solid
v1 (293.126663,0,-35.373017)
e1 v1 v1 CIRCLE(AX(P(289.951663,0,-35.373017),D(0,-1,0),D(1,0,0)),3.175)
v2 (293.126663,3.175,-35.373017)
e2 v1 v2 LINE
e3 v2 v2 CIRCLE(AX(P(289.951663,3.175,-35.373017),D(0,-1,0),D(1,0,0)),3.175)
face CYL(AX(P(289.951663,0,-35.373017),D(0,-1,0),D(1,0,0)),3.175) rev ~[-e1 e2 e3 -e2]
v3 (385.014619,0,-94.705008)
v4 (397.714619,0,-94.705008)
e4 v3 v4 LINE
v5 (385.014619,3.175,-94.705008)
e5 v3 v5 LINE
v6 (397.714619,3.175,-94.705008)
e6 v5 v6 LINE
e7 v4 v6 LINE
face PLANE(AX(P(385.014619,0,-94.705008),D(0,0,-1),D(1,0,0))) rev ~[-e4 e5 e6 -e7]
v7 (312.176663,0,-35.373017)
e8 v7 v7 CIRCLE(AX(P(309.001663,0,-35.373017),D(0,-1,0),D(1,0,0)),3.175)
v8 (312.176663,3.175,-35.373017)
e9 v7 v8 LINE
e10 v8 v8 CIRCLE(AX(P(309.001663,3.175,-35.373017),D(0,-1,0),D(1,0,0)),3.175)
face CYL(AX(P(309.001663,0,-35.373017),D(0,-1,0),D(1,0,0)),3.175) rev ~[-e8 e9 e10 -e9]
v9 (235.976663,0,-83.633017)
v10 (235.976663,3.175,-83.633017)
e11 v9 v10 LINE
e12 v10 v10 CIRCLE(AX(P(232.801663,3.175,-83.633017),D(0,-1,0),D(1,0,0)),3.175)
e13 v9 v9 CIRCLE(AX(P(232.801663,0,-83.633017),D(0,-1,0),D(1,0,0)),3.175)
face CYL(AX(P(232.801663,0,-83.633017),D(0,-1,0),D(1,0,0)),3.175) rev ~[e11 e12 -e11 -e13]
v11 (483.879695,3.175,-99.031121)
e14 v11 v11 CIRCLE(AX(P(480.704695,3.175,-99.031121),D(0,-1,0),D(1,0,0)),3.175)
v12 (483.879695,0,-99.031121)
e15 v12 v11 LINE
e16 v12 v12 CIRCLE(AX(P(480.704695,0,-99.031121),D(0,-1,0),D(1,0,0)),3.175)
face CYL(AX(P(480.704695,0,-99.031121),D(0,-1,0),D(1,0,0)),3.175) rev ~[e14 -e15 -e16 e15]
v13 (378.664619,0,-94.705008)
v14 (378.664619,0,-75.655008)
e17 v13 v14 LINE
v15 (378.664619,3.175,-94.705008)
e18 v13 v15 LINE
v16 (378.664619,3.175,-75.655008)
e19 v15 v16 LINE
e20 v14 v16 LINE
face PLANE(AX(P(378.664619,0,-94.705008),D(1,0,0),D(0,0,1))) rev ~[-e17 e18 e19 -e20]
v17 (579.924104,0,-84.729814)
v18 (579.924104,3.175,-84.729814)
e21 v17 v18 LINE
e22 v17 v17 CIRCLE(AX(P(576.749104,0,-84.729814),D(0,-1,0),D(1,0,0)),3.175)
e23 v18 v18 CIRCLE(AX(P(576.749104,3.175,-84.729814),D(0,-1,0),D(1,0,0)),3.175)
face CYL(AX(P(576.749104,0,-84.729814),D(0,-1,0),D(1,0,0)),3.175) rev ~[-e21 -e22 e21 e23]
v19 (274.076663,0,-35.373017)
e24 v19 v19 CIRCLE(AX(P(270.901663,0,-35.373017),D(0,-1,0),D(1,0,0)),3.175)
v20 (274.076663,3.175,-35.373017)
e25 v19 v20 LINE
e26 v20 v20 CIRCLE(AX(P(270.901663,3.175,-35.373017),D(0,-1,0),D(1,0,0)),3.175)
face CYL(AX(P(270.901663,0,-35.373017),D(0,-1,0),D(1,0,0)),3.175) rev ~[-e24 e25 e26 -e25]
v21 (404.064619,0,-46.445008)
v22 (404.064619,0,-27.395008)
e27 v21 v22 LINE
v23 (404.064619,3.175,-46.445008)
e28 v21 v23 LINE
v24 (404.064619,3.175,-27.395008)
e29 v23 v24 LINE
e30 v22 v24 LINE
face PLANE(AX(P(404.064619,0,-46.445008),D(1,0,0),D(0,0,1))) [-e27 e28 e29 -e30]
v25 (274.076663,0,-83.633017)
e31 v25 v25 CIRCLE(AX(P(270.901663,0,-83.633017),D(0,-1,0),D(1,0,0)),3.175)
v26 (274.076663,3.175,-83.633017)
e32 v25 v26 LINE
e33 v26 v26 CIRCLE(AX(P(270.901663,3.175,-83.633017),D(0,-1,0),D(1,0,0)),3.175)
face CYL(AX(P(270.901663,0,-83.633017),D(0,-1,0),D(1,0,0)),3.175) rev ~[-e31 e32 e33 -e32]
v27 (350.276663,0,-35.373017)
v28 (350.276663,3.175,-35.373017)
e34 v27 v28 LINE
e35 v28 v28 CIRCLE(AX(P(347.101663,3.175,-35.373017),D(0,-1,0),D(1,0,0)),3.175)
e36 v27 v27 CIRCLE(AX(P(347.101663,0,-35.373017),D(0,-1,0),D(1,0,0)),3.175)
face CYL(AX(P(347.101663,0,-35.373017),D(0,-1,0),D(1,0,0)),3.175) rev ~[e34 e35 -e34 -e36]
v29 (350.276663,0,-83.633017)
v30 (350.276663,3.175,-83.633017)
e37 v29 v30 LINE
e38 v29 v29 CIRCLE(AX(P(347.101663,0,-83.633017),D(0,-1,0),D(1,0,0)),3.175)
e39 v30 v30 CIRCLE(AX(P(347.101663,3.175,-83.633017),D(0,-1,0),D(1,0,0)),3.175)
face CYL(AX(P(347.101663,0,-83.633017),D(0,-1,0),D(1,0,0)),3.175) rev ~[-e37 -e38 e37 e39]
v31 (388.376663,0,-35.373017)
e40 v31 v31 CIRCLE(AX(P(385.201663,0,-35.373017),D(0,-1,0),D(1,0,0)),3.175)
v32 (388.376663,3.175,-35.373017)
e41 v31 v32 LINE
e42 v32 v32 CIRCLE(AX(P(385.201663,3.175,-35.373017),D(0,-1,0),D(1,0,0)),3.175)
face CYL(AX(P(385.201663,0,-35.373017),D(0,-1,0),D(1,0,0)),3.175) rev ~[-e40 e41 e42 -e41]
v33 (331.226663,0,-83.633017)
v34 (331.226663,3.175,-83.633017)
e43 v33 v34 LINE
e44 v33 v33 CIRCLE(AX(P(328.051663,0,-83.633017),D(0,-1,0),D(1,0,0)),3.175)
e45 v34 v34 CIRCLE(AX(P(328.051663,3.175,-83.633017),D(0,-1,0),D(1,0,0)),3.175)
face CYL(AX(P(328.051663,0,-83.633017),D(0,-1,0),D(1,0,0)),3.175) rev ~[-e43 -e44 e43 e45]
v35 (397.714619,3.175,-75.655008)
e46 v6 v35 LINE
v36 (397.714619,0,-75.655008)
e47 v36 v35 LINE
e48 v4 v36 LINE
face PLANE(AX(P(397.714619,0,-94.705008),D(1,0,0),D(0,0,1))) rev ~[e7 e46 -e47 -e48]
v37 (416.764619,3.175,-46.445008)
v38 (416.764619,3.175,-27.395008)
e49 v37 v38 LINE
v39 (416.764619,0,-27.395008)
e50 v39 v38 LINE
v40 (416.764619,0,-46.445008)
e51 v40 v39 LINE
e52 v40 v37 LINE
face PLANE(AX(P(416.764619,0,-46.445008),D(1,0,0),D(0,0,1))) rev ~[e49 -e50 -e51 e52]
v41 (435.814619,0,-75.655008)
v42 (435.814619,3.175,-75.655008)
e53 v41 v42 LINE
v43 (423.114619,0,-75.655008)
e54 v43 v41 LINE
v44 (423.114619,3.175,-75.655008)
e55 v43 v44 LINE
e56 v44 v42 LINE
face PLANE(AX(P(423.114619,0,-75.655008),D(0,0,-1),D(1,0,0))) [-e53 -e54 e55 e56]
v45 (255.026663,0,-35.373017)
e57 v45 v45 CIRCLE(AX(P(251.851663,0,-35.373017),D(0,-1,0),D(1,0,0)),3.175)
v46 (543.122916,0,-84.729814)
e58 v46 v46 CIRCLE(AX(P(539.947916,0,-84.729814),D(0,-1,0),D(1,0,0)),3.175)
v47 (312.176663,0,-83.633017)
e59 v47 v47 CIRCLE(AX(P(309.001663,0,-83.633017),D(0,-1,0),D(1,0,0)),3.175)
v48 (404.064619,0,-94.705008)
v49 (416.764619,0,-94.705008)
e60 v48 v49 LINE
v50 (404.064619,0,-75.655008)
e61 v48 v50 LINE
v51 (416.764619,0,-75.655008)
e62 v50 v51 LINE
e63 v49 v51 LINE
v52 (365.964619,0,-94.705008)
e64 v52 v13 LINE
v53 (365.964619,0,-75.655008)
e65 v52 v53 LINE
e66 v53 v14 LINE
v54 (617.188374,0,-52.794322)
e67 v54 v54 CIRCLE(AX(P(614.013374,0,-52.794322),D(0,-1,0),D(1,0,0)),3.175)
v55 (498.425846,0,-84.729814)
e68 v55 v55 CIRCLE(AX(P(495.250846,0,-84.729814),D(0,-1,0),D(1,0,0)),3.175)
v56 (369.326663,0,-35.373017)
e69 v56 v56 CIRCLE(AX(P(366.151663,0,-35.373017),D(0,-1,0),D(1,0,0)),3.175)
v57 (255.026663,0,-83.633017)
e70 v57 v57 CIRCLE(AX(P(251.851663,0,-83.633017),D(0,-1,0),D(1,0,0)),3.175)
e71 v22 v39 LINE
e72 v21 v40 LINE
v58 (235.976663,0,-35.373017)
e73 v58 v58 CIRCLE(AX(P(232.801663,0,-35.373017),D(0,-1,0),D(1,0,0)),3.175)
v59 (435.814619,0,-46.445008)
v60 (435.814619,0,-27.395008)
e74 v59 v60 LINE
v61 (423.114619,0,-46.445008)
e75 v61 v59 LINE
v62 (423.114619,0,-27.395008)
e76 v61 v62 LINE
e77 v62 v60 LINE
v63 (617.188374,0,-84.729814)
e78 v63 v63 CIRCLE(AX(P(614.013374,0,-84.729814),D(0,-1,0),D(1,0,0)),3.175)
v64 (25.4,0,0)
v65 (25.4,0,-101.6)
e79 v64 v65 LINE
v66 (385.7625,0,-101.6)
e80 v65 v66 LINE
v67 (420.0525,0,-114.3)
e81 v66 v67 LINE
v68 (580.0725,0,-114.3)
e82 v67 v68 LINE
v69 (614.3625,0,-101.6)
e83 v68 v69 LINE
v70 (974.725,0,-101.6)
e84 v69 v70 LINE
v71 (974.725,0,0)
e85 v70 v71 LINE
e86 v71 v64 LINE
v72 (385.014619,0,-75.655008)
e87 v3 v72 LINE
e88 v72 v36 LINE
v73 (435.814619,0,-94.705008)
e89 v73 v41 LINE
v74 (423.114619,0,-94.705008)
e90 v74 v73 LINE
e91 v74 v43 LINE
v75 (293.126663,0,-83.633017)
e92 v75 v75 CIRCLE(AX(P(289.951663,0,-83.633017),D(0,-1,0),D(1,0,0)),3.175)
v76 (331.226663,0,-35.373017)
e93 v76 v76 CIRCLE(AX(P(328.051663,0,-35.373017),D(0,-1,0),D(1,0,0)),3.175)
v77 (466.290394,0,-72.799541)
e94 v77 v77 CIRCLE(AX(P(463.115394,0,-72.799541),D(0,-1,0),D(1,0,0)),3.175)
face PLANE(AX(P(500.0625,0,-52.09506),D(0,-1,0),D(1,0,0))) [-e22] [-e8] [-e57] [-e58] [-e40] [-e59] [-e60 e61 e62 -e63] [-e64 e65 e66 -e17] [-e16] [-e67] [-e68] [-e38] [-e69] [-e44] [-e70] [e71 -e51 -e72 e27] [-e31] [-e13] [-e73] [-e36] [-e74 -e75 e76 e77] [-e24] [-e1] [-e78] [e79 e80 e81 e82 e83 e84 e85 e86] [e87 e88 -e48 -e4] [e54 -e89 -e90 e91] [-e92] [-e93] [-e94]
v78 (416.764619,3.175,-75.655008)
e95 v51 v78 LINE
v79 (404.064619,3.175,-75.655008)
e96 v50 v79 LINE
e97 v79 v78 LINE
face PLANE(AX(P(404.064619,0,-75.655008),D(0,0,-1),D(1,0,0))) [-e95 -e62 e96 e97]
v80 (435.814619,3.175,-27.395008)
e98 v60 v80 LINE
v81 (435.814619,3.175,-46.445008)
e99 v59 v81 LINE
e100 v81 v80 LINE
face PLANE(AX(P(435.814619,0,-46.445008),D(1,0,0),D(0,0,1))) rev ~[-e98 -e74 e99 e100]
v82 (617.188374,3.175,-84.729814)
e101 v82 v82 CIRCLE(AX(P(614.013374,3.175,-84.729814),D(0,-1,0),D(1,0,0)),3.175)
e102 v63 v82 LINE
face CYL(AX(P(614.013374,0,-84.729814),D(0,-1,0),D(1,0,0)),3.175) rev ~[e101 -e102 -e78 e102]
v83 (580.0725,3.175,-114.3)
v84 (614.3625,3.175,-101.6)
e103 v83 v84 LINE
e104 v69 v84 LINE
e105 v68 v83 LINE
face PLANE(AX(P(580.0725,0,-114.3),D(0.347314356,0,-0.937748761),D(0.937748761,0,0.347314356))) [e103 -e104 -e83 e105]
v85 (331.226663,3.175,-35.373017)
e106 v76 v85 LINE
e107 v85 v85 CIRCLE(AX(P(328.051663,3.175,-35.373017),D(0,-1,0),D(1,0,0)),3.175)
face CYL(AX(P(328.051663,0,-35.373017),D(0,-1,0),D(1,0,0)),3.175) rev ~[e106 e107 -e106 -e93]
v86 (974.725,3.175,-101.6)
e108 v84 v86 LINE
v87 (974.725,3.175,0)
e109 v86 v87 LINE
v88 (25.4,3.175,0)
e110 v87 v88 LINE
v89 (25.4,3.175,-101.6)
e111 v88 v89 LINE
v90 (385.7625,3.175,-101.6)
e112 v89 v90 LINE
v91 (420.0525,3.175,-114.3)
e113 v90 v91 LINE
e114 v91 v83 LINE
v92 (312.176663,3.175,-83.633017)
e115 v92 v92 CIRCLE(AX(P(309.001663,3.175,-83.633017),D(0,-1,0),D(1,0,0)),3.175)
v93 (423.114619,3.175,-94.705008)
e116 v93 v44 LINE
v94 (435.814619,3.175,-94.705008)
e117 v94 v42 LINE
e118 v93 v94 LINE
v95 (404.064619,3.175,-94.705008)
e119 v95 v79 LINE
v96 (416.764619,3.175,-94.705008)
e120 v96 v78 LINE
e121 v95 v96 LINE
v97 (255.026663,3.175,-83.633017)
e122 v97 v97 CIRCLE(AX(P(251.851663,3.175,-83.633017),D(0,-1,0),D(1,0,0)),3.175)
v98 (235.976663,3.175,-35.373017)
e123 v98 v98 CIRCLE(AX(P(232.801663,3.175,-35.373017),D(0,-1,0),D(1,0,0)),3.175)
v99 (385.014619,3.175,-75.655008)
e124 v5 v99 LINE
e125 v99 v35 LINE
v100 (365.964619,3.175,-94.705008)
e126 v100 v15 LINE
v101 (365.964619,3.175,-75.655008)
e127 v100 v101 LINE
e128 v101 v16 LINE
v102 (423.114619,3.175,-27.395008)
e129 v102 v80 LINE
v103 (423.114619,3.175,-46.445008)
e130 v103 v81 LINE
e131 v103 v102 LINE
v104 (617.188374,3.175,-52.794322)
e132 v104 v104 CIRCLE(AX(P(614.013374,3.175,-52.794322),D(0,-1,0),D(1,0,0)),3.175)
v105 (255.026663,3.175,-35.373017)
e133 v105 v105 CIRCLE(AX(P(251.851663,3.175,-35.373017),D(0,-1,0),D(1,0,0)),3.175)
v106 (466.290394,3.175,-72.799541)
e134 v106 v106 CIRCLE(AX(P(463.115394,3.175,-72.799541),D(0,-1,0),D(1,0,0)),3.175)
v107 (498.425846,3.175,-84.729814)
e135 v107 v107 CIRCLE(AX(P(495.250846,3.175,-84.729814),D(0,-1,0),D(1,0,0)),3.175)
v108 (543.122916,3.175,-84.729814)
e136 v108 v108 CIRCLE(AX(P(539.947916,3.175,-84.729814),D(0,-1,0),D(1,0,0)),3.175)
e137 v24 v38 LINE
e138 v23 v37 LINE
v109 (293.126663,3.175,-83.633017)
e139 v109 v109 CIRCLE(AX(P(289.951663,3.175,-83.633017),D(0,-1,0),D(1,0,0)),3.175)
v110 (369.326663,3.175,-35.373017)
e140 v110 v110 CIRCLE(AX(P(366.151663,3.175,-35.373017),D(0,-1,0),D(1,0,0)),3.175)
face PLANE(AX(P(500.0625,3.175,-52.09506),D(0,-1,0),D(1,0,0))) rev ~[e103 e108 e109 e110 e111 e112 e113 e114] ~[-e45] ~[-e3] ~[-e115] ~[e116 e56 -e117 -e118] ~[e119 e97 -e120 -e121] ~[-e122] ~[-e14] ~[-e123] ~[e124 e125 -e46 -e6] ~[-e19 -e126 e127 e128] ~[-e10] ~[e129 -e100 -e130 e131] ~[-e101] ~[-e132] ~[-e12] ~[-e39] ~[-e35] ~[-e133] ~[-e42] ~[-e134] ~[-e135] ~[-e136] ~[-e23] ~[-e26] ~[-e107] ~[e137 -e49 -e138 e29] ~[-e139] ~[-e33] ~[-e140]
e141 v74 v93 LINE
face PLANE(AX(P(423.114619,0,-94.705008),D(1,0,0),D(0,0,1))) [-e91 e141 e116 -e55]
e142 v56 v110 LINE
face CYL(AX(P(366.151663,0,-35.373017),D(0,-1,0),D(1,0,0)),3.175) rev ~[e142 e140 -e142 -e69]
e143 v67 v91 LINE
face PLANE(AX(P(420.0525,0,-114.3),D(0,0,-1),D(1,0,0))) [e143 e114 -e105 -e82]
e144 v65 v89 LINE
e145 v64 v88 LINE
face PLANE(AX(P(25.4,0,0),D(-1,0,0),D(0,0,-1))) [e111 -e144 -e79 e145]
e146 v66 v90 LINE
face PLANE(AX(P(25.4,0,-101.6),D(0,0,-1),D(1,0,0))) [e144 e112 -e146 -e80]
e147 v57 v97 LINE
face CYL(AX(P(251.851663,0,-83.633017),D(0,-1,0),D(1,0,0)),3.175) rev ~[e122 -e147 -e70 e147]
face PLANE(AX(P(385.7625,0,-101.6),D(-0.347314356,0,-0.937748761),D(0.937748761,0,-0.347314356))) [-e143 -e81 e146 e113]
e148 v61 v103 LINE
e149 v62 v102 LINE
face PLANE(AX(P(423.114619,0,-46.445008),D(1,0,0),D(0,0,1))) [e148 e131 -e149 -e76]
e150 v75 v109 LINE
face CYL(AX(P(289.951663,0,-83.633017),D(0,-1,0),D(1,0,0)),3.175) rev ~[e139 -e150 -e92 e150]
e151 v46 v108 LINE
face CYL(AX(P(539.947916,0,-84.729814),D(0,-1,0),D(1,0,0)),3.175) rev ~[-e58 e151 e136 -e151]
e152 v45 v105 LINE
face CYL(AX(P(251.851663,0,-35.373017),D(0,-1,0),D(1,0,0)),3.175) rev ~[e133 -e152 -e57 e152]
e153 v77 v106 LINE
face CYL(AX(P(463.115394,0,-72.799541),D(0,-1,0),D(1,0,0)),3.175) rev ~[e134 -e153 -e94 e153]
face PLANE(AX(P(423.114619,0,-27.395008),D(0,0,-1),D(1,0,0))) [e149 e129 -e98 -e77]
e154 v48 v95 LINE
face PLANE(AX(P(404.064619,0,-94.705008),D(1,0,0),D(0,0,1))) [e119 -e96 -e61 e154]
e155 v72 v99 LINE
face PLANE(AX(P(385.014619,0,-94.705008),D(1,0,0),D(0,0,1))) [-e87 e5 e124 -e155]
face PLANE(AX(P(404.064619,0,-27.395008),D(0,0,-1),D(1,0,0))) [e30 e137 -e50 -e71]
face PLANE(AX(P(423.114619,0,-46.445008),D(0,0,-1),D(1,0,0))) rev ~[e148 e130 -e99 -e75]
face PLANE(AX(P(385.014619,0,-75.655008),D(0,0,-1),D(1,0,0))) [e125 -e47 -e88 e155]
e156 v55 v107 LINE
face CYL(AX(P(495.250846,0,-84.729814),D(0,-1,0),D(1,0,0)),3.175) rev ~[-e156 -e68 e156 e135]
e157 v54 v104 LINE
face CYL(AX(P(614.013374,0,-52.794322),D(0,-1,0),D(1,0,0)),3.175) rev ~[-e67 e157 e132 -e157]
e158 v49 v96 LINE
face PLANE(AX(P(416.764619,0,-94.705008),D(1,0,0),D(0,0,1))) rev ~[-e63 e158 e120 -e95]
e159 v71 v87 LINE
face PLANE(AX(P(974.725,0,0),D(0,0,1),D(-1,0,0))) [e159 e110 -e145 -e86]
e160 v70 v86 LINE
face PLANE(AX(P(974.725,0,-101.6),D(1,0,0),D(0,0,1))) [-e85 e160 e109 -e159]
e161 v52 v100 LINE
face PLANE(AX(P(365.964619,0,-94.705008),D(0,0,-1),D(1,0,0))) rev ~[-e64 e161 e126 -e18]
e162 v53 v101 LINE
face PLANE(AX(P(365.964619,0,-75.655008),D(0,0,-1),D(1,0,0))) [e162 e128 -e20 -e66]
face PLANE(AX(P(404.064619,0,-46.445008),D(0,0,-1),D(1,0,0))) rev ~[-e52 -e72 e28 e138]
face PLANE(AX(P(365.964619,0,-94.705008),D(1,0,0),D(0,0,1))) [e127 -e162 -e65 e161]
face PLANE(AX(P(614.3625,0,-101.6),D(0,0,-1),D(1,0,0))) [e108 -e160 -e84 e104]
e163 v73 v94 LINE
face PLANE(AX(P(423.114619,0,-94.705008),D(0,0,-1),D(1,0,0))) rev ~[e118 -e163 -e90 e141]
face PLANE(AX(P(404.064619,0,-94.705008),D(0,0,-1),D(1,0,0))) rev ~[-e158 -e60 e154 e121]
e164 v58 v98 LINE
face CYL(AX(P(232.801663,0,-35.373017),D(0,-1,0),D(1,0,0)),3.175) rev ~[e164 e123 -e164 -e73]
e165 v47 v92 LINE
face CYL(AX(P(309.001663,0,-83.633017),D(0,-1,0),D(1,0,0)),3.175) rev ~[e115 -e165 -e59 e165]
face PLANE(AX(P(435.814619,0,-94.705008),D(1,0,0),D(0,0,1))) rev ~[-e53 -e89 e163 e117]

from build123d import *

# Parameters (mm, degrees)
F0_R     = 3.175
F0_W     = 12.7
F0_H     = 19.05
F1_DEPTH = 3.175


with BuildPart() as f1:
    # F0 (on Front) → F1 (new body)
    with BuildSketch(Plane.XZ):
        Polygon((974.725, 0), (25.4, 0), (25.4, -101.6), (385.7625, -101.6), (420.0525, -114.3), (580.0725, -114.3), (614.3625, -101.6), (974.725, -101.6), align=None)
        with Locations((480.704695, -99.031121)):
            Circle(F0_R, mode=Mode.SUBTRACT)
        with Locations((232.801663, -83.633017)):
            Circle(F0_R, mode=Mode.SUBTRACT)
        with Locations((251.851663, -83.633017)):
            Circle(F0_R, mode=Mode.SUBTRACT)
        with Locations((270.901663, -83.633017)):
            Circle(F0_R, mode=Mode.SUBTRACT)
        with Locations((289.951663, -83.633017)):
            Circle(F0_R, mode=Mode.SUBTRACT)
        with Locations((309.001663, -83.633017)):
            Circle(F0_R, mode=Mode.SUBTRACT)
        with Locations((328.051663, -83.633017)):
            Circle(F0_R, mode=Mode.SUBTRACT)
        with Locations((347.101663, -83.633017)):
            Circle(F0_R, mode=Mode.SUBTRACT)
        with Locations((372.314619, -85.180008)):
            Rectangle(F0_W, F0_H, mode=Mode.SUBTRACT)
        with Locations((391.364619, -85.180008)):
            Rectangle(F0_W, F0_H, mode=Mode.SUBTRACT)
        with Locations((410.414619, -85.180008)):
            Rectangle(F0_W, F0_H, mode=Mode.SUBTRACT)
        with Locations((429.464619, -85.180008)):
            Rectangle(F0_W, F0_H, mode=Mode.SUBTRACT)
        with Locations((495.250846, -84.729814)):
            Circle(F0_R, mode=Mode.SUBTRACT)
        with Locations((463.115394, -72.799541)):
            Circle(F0_R, mode=Mode.SUBTRACT)
        with Locations((539.947916, -84.729814)):
            Circle(F0_R, mode=Mode.SUBTRACT)
        with Locations((576.749104, -84.729814)):
            Circle(F0_R, mode=Mode.SUBTRACT)
        with Locations((614.013374, -84.729814)):
            Circle(F0_R, mode=Mode.SUBTRACT)
        with Locations((232.801663, -35.373017)):
            Circle(F0_R, mode=Mode.SUBTRACT)
        with Locations((251.851663, -35.373017)):
            Circle(F0_R, mode=Mode.SUBTRACT)
        with Locations((270.901663, -35.373017)):
            Circle(F0_R, mode=Mode.SUBTRACT)
        with Locations((289.951663, -35.373017)):
            Circle(F0_R, mode=Mode.SUBTRACT)
        with Locations((309.001663, -35.373017)):
            Circle(F0_R, mode=Mode.SUBTRACT)
        with Locations((328.051663, -35.373017)):
            Circle(F0_R, mode=Mode.SUBTRACT)
        with Locations((347.101663, -35.373017)):
            Circle(F0_R, mode=Mode.SUBTRACT)
        with Locations((366.151663, -35.373017)):
            Circle(F0_R, mode=Mode.SUBTRACT)
        with Locations((410.414619, -36.920008)):
            Rectangle(F0_W, F0_H, mode=Mode.SUBTRACT)
        with Locations((429.464619, -36.920008)):
            Rectangle(F0_W, F0_H, mode=Mode.SUBTRACT)
        with Locations((385.201663, -35.373017)):
            Circle(F0_R, mode=Mode.SUBTRACT)
        with Locations((614.013374, -52.794322)):
            Circle(F0_R, mode=Mode.SUBTRACT)
    extrude(amount=-F1_DEPTH)


solid = f1.part
